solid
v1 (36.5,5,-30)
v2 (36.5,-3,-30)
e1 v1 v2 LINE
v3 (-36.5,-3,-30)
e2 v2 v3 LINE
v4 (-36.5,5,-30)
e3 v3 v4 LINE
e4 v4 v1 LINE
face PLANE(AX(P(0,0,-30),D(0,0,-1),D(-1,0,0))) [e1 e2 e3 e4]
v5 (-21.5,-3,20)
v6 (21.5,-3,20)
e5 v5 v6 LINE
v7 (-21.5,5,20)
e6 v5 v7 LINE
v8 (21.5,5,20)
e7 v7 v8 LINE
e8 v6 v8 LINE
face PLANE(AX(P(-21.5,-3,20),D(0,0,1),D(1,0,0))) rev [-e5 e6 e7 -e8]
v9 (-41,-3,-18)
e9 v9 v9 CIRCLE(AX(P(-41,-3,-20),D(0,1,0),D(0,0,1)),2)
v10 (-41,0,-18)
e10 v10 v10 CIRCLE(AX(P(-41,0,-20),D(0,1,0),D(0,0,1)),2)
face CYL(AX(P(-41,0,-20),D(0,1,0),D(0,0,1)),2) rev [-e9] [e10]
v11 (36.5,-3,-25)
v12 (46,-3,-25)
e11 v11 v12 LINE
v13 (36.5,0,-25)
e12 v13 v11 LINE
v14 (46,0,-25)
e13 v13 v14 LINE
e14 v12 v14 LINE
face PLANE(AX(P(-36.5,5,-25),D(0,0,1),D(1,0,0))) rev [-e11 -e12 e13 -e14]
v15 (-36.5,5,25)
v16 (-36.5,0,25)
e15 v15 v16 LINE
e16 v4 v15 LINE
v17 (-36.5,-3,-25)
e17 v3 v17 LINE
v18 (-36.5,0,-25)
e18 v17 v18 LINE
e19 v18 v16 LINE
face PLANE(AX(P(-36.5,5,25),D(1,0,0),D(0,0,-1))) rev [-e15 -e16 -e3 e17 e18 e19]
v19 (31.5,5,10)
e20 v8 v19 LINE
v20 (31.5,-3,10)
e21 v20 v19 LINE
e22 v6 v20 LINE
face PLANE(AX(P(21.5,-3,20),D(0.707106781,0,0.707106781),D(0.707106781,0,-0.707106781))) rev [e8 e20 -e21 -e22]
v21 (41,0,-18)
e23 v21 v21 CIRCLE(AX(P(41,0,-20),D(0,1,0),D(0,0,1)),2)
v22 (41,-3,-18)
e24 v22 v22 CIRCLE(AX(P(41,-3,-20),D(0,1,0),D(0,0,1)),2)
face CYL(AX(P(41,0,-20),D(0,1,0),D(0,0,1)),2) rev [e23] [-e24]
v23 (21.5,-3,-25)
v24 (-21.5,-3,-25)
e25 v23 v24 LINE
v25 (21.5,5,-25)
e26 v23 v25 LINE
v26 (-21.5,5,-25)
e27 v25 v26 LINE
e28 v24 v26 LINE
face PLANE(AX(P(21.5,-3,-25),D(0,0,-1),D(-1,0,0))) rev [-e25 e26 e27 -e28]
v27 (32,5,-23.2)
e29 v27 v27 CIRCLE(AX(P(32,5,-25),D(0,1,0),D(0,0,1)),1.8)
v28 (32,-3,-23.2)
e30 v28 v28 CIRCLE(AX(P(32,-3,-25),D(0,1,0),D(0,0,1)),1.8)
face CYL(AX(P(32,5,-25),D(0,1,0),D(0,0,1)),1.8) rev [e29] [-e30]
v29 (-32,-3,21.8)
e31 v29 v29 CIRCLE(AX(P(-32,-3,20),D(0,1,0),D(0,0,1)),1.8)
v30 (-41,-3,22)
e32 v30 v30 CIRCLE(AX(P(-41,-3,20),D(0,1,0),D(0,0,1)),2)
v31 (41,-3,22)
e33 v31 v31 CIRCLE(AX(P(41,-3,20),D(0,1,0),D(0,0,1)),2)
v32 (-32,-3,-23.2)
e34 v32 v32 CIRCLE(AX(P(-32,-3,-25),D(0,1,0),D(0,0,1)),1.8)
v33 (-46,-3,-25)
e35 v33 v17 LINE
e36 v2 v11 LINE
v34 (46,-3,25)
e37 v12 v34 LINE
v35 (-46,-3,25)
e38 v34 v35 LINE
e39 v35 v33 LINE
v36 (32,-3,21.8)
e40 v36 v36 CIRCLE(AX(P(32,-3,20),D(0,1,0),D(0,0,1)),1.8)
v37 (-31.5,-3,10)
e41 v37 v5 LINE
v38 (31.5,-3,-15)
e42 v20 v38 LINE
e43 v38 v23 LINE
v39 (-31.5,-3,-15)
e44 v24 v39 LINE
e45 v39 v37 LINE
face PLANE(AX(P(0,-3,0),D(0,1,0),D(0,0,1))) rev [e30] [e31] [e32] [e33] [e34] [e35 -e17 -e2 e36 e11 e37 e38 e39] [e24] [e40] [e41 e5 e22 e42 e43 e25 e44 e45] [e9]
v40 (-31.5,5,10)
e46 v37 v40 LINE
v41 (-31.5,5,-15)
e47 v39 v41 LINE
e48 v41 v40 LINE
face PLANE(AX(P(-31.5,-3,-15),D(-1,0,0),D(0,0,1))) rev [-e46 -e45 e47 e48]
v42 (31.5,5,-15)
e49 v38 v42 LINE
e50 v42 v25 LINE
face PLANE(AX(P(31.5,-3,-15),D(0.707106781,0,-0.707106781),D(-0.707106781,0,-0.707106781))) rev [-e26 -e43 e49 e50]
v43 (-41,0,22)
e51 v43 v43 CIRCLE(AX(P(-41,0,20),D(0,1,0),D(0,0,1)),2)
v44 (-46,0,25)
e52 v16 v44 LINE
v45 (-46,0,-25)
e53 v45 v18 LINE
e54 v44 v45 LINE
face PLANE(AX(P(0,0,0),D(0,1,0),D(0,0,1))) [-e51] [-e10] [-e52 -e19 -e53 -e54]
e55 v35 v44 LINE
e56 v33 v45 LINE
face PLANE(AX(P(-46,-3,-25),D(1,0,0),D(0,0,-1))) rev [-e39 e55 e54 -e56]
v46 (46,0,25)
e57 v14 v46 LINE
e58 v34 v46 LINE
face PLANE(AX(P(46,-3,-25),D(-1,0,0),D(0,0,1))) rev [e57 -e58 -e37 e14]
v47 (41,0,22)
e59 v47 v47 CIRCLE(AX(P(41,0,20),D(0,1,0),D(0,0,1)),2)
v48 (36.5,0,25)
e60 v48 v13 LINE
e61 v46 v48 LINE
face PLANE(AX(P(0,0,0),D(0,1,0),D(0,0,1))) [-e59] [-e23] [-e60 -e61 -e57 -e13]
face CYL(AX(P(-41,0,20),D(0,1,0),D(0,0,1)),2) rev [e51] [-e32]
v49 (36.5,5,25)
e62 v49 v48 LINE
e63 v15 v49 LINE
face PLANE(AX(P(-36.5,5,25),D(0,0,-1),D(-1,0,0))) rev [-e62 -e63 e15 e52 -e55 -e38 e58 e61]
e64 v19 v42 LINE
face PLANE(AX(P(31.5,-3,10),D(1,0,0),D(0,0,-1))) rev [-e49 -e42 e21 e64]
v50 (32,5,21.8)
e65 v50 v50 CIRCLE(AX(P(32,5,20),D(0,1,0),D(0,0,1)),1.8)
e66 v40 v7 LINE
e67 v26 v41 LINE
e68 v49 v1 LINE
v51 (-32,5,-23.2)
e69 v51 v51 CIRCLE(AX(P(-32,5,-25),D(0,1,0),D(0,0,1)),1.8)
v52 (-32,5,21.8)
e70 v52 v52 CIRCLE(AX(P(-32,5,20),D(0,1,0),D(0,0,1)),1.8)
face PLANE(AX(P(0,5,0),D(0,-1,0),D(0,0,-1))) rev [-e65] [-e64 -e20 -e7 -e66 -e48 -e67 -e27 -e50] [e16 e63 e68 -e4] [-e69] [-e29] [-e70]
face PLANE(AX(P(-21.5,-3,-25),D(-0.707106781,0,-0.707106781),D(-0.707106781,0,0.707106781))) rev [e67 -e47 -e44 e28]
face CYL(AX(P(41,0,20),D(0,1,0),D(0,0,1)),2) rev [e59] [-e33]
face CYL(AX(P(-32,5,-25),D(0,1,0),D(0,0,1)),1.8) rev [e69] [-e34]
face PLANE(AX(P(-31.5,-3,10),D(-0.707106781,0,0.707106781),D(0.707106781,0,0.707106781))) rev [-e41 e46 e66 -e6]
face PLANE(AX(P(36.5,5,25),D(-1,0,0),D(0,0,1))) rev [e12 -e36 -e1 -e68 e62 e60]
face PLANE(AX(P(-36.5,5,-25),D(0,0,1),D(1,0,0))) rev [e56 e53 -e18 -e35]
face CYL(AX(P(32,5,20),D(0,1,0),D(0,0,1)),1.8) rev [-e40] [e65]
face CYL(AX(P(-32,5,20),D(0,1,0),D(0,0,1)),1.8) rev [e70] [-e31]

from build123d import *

# Parameters (mm, degrees)
SKETCH1_W                = 73
SKETCH1_H                = 50
BOSS_EXTRUDE1_DEPTH      = 5
SKETCH2_W                = 92
SKETCH2_H                = 50
BOSS_EXTRUDE2_DEPTH      = 3
M3_CLEARANCE_HOLE1_D     = 4
M3_CLEARANCE_HOLE1_DEPTH = 10
M3_CLEARANCE_HOLE1_TIP   = 1.201721238
SKETCH9_W                = 73
SKETCH9_H                = 8
BOSS_EXTRUDE3_DEPTH      = 5
M3_CLEARANCE_HOLE3_D     = 3.6
M3_CLEARANCE_HOLE3_DEPTH = 10
M3_CLEARANCE_HOLE3_TIP   = 1.081549114
CUT_EXTRUDE1_DEPTH       = 9


with BuildPart() as part:
    # Sketch1 → Boss-Extrude1 (new body)
    with BuildSketch(Plane(origin=(0, 0, 0), x_dir=(1, 0, 0), z_dir=(0, 1, 0))):
        Rectangle(SKETCH1_W, SKETCH1_H)
    extrude(amount=BOSS_EXTRUDE1_DEPTH)

    # Sketch2 → Boss-Extrude2 (add)
    with BuildSketch(Plane.XZ):
        Rectangle(SKETCH2_W, SKETCH2_H)
    extrude(amount=BOSS_EXTRUDE2_DEPTH)

    # M3 Clearance Hole1
    with Locations(Plane(origin=(0, 0, 0), x_dir=(1, 0, 0), z_dir=(0, 1, 0))):
        with Locations((-41, 20), (-41, -20), (41, 20), (41, -20)):
            Hole(M3_CLEARANCE_HOLE1_D / 2, depth=M3_CLEARANCE_HOLE1_DEPTH)
            with Locations((0, 0, -(M3_CLEARANCE_HOLE1_DEPTH + M3_CLEARANCE_HOLE1_TIP / 2))):  # 118° drill point
                Cone(0, M3_CLEARANCE_HOLE1_D / 2, M3_CLEARANCE_HOLE1_TIP, mode=Mode.SUBTRACT)

    # Sketch9 → Boss-Extrude3 (add)
    with BuildSketch(Plane(origin=(0, 0, -25), x_dir=(-1, 0, 0), z_dir=(0, 0, -1))):
        with Locations((0, 1)):
            Rectangle(SKETCH9_W, SKETCH9_H)
    extrude(amount=BOSS_EXTRUDE3_DEPTH)

    # M3 Clearance Hole3
    with Locations(Plane(origin=(0, 5, 0), x_dir=(1, 0, 0), z_dir=(0, 1, 0))):
        with Locations((32, -20), (-32, 25), (32, 25), (-32, -20)):
            Hole(M3_CLEARANCE_HOLE3_D / 2, depth=M3_CLEARANCE_HOLE3_DEPTH)
            with Locations((0, 0, -(M3_CLEARANCE_HOLE3_DEPTH + M3_CLEARANCE_HOLE3_TIP / 2))):  # 118° drill point
                Cone(0, M3_CLEARANCE_HOLE3_D / 2, M3_CLEARANCE_HOLE3_TIP, mode=Mode.SUBTRACT)

    # Sketch12 → Cut-Extrude1 (cut, through all)
    with BuildSketch(Plane(origin=(0, 5, 0), x_dir=(1, 0, 0), z_dir=(0, 1, 0))):
        Polygon((21.5, -20), (31.5, -10), (31.5, 15), (21.5, 25), (-21.5, 25), (-31.5, 15), (-31.5, -10), (-21.5, -20), align=None)
    extrude(amount=-CUT_EXTRUDE1_DEPTH, mode=Mode.SUBTRACT)


solid = part.part
